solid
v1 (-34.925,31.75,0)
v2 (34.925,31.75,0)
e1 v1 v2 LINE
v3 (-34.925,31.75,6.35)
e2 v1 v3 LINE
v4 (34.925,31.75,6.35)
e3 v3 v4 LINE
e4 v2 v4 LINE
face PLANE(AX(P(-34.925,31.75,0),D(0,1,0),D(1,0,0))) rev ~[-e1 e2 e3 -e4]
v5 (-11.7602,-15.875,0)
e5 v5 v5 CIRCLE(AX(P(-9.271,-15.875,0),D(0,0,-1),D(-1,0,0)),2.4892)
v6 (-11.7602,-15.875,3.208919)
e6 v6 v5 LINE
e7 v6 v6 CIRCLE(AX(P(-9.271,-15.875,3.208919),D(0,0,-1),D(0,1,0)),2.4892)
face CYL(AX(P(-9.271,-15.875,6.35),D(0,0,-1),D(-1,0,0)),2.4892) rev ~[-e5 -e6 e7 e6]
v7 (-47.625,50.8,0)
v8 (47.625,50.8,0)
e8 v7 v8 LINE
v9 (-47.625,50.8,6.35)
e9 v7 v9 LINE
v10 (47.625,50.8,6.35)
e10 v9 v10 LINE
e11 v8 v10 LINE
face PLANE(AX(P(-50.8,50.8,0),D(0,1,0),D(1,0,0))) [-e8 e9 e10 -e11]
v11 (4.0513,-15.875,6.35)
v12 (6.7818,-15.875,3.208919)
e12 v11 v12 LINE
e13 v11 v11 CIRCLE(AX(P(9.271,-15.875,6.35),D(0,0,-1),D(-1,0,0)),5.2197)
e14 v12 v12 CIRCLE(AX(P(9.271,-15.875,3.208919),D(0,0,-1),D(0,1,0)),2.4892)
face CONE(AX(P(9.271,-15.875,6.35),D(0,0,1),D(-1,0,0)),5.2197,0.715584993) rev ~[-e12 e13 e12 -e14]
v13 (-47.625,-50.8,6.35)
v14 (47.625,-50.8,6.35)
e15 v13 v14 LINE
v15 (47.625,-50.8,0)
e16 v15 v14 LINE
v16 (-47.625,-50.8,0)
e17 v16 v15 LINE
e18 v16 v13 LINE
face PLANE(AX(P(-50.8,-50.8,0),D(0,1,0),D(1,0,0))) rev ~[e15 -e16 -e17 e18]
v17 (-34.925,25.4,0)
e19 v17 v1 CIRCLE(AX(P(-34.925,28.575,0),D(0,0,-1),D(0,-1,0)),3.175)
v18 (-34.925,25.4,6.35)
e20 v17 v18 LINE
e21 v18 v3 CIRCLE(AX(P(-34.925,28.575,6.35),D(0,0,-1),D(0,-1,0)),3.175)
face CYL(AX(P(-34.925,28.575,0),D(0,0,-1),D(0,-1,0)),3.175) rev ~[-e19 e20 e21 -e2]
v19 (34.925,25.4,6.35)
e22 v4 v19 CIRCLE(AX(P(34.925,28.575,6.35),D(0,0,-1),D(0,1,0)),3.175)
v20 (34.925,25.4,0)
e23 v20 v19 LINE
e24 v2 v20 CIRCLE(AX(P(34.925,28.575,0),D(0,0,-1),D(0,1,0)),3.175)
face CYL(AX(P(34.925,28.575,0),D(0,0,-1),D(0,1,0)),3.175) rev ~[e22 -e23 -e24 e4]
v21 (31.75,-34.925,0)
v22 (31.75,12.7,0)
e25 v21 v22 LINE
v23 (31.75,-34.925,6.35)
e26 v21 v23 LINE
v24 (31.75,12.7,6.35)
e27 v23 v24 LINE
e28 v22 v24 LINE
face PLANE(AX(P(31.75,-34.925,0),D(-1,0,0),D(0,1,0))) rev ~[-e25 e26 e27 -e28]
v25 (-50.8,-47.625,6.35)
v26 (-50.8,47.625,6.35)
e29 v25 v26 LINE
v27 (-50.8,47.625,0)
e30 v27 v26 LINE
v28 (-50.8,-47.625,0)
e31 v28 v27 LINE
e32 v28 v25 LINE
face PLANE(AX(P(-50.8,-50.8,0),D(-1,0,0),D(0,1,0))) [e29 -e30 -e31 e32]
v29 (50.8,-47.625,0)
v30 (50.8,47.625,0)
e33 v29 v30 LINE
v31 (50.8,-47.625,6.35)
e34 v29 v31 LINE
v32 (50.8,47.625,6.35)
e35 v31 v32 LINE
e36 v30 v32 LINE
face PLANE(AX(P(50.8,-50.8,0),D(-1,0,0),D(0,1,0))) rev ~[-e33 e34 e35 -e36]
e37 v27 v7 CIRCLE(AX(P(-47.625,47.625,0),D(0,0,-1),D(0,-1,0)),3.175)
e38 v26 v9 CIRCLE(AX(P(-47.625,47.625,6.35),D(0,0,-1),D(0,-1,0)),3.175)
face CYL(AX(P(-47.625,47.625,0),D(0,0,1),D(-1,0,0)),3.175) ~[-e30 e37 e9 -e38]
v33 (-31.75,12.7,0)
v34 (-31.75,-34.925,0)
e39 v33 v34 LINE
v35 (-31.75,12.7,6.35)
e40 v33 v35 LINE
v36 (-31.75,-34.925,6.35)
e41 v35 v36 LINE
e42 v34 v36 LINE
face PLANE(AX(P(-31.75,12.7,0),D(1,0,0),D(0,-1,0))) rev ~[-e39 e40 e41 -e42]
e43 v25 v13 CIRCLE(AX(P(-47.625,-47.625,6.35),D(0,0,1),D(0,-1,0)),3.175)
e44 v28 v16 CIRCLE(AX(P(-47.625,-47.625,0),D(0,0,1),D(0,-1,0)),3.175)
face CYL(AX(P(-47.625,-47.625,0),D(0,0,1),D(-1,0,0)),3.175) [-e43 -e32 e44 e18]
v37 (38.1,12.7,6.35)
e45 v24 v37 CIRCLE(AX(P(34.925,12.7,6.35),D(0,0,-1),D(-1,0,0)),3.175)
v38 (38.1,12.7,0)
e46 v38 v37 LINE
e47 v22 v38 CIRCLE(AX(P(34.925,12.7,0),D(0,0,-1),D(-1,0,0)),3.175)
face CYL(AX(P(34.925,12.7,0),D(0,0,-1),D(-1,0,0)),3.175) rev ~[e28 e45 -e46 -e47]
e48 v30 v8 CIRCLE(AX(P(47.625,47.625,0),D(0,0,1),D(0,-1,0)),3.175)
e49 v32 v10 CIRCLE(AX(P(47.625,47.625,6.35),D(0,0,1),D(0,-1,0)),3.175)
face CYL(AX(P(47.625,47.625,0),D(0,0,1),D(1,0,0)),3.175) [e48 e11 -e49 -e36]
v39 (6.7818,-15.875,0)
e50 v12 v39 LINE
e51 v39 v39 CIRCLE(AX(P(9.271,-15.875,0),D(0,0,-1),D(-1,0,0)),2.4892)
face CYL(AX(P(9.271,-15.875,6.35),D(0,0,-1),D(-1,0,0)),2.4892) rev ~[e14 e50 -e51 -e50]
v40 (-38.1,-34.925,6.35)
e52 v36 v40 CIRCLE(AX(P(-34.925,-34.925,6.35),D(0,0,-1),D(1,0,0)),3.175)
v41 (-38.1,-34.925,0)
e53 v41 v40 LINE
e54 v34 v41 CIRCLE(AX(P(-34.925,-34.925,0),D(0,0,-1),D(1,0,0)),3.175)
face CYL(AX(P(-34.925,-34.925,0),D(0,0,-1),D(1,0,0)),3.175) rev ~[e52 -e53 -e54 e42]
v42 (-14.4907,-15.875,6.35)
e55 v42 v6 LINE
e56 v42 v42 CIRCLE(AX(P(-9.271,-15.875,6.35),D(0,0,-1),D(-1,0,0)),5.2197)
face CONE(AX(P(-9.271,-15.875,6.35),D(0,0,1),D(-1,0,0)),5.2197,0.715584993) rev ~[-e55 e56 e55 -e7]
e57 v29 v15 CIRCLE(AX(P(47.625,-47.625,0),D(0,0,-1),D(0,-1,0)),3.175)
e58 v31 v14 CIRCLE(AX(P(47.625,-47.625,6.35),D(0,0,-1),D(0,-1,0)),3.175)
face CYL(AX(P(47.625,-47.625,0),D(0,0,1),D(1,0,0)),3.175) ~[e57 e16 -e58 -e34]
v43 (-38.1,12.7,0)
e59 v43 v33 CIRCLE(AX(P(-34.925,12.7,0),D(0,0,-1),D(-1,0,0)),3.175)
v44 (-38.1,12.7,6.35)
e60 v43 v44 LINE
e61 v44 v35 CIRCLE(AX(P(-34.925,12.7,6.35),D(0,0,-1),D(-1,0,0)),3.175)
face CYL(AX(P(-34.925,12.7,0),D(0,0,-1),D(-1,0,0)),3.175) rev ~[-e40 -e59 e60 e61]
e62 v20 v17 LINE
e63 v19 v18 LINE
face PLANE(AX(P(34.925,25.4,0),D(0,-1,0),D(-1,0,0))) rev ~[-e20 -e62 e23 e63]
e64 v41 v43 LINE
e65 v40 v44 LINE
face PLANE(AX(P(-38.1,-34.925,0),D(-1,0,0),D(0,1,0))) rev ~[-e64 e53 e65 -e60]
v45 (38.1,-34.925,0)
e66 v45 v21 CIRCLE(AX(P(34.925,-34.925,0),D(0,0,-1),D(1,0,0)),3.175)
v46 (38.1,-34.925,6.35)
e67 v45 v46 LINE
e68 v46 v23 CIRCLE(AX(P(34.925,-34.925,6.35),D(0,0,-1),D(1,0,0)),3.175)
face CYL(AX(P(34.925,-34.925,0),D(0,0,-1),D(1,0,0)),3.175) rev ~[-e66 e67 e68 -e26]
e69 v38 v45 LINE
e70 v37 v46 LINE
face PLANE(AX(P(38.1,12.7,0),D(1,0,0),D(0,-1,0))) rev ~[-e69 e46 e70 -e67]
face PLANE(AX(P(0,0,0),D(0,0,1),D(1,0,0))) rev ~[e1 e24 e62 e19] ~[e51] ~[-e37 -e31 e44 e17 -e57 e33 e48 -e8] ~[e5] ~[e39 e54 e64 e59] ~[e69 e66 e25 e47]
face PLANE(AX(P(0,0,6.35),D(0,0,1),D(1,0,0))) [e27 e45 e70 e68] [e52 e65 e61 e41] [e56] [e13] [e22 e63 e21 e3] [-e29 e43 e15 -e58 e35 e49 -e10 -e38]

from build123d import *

# Parameters (mm, degrees)
F0_W           = 101.6
F0_H           = 101.6
F1_DEPTH       = 6.35
F3_D           = 4.9784
F3_CSINK_D     = 10.4394
F3_CSINK_ANGLE = 82
F4_R           = 3.175


with BuildPart() as f1:
    # F0 (on Top) → F1 (new body)
    with BuildSketch(Plane.XY):
        Rectangle(F0_W, F0_H)
        with BuildLine():
            Line((-38.1, -34.925), (-38.1, 12.7))
            ThreePointArc((-38.1, 12.7), (-34.925, 15.875), (-31.75, 12.7))
            Line((-31.75, 12.7), (-31.75, -34.925))
            ThreePointArc((-31.75, -34.925), (-34.925, -38.1), (-38.1, -34.925))
        make_face(mode=Mode.SUBTRACT)
        with BuildLine():
            Line((31.75, -34.925), (31.75, 12.7))
            ThreePointArc((31.75, 12.7), (34.925, 15.875), (38.1, 12.7))
            Line((38.1, 12.7), (38.1, -34.925))
            ThreePointArc((38.1, -34.925), (34.925, -38.1), (31.75, -34.925))
        make_face(mode=Mode.SUBTRACT)
        with BuildLine():
            Line((34.925, 25.4), (-34.925, 25.4))
            ThreePointArc((-34.925, 25.4), (-38.1, 28.575), (-34.925, 31.75))
            Line((-34.925, 31.75), (34.925, 31.75))
            ThreePointArc((34.925, 31.75), (38.1, 28.575), (34.925, 25.4))
        make_face(mode=Mode.SUBTRACT)
    extrude(amount=F1_DEPTH)

    # F3 (through all)
    with Locations(Plane.XY.offset(6.35)):
        with Locations((-9.271, -15.875), (9.271, -15.875)):
            CounterSinkHole(F3_D / 2, F3_CSINK_D / 2, counter_sink_angle=F3_CSINK_ANGLE)

    # F4
    f4_edges = [f1.edges().sort_by_distance(p)[0] for p in [
        (-50.8, -50.8, 3.175),
        (50.8, -50.8, 3.175),
        (-50.8, 50.8, 3.175),
        (50.8, 50.8, 3.175),
    ]]
    fillet(f4_edges, radius=F4_R)


solid = f1.part
